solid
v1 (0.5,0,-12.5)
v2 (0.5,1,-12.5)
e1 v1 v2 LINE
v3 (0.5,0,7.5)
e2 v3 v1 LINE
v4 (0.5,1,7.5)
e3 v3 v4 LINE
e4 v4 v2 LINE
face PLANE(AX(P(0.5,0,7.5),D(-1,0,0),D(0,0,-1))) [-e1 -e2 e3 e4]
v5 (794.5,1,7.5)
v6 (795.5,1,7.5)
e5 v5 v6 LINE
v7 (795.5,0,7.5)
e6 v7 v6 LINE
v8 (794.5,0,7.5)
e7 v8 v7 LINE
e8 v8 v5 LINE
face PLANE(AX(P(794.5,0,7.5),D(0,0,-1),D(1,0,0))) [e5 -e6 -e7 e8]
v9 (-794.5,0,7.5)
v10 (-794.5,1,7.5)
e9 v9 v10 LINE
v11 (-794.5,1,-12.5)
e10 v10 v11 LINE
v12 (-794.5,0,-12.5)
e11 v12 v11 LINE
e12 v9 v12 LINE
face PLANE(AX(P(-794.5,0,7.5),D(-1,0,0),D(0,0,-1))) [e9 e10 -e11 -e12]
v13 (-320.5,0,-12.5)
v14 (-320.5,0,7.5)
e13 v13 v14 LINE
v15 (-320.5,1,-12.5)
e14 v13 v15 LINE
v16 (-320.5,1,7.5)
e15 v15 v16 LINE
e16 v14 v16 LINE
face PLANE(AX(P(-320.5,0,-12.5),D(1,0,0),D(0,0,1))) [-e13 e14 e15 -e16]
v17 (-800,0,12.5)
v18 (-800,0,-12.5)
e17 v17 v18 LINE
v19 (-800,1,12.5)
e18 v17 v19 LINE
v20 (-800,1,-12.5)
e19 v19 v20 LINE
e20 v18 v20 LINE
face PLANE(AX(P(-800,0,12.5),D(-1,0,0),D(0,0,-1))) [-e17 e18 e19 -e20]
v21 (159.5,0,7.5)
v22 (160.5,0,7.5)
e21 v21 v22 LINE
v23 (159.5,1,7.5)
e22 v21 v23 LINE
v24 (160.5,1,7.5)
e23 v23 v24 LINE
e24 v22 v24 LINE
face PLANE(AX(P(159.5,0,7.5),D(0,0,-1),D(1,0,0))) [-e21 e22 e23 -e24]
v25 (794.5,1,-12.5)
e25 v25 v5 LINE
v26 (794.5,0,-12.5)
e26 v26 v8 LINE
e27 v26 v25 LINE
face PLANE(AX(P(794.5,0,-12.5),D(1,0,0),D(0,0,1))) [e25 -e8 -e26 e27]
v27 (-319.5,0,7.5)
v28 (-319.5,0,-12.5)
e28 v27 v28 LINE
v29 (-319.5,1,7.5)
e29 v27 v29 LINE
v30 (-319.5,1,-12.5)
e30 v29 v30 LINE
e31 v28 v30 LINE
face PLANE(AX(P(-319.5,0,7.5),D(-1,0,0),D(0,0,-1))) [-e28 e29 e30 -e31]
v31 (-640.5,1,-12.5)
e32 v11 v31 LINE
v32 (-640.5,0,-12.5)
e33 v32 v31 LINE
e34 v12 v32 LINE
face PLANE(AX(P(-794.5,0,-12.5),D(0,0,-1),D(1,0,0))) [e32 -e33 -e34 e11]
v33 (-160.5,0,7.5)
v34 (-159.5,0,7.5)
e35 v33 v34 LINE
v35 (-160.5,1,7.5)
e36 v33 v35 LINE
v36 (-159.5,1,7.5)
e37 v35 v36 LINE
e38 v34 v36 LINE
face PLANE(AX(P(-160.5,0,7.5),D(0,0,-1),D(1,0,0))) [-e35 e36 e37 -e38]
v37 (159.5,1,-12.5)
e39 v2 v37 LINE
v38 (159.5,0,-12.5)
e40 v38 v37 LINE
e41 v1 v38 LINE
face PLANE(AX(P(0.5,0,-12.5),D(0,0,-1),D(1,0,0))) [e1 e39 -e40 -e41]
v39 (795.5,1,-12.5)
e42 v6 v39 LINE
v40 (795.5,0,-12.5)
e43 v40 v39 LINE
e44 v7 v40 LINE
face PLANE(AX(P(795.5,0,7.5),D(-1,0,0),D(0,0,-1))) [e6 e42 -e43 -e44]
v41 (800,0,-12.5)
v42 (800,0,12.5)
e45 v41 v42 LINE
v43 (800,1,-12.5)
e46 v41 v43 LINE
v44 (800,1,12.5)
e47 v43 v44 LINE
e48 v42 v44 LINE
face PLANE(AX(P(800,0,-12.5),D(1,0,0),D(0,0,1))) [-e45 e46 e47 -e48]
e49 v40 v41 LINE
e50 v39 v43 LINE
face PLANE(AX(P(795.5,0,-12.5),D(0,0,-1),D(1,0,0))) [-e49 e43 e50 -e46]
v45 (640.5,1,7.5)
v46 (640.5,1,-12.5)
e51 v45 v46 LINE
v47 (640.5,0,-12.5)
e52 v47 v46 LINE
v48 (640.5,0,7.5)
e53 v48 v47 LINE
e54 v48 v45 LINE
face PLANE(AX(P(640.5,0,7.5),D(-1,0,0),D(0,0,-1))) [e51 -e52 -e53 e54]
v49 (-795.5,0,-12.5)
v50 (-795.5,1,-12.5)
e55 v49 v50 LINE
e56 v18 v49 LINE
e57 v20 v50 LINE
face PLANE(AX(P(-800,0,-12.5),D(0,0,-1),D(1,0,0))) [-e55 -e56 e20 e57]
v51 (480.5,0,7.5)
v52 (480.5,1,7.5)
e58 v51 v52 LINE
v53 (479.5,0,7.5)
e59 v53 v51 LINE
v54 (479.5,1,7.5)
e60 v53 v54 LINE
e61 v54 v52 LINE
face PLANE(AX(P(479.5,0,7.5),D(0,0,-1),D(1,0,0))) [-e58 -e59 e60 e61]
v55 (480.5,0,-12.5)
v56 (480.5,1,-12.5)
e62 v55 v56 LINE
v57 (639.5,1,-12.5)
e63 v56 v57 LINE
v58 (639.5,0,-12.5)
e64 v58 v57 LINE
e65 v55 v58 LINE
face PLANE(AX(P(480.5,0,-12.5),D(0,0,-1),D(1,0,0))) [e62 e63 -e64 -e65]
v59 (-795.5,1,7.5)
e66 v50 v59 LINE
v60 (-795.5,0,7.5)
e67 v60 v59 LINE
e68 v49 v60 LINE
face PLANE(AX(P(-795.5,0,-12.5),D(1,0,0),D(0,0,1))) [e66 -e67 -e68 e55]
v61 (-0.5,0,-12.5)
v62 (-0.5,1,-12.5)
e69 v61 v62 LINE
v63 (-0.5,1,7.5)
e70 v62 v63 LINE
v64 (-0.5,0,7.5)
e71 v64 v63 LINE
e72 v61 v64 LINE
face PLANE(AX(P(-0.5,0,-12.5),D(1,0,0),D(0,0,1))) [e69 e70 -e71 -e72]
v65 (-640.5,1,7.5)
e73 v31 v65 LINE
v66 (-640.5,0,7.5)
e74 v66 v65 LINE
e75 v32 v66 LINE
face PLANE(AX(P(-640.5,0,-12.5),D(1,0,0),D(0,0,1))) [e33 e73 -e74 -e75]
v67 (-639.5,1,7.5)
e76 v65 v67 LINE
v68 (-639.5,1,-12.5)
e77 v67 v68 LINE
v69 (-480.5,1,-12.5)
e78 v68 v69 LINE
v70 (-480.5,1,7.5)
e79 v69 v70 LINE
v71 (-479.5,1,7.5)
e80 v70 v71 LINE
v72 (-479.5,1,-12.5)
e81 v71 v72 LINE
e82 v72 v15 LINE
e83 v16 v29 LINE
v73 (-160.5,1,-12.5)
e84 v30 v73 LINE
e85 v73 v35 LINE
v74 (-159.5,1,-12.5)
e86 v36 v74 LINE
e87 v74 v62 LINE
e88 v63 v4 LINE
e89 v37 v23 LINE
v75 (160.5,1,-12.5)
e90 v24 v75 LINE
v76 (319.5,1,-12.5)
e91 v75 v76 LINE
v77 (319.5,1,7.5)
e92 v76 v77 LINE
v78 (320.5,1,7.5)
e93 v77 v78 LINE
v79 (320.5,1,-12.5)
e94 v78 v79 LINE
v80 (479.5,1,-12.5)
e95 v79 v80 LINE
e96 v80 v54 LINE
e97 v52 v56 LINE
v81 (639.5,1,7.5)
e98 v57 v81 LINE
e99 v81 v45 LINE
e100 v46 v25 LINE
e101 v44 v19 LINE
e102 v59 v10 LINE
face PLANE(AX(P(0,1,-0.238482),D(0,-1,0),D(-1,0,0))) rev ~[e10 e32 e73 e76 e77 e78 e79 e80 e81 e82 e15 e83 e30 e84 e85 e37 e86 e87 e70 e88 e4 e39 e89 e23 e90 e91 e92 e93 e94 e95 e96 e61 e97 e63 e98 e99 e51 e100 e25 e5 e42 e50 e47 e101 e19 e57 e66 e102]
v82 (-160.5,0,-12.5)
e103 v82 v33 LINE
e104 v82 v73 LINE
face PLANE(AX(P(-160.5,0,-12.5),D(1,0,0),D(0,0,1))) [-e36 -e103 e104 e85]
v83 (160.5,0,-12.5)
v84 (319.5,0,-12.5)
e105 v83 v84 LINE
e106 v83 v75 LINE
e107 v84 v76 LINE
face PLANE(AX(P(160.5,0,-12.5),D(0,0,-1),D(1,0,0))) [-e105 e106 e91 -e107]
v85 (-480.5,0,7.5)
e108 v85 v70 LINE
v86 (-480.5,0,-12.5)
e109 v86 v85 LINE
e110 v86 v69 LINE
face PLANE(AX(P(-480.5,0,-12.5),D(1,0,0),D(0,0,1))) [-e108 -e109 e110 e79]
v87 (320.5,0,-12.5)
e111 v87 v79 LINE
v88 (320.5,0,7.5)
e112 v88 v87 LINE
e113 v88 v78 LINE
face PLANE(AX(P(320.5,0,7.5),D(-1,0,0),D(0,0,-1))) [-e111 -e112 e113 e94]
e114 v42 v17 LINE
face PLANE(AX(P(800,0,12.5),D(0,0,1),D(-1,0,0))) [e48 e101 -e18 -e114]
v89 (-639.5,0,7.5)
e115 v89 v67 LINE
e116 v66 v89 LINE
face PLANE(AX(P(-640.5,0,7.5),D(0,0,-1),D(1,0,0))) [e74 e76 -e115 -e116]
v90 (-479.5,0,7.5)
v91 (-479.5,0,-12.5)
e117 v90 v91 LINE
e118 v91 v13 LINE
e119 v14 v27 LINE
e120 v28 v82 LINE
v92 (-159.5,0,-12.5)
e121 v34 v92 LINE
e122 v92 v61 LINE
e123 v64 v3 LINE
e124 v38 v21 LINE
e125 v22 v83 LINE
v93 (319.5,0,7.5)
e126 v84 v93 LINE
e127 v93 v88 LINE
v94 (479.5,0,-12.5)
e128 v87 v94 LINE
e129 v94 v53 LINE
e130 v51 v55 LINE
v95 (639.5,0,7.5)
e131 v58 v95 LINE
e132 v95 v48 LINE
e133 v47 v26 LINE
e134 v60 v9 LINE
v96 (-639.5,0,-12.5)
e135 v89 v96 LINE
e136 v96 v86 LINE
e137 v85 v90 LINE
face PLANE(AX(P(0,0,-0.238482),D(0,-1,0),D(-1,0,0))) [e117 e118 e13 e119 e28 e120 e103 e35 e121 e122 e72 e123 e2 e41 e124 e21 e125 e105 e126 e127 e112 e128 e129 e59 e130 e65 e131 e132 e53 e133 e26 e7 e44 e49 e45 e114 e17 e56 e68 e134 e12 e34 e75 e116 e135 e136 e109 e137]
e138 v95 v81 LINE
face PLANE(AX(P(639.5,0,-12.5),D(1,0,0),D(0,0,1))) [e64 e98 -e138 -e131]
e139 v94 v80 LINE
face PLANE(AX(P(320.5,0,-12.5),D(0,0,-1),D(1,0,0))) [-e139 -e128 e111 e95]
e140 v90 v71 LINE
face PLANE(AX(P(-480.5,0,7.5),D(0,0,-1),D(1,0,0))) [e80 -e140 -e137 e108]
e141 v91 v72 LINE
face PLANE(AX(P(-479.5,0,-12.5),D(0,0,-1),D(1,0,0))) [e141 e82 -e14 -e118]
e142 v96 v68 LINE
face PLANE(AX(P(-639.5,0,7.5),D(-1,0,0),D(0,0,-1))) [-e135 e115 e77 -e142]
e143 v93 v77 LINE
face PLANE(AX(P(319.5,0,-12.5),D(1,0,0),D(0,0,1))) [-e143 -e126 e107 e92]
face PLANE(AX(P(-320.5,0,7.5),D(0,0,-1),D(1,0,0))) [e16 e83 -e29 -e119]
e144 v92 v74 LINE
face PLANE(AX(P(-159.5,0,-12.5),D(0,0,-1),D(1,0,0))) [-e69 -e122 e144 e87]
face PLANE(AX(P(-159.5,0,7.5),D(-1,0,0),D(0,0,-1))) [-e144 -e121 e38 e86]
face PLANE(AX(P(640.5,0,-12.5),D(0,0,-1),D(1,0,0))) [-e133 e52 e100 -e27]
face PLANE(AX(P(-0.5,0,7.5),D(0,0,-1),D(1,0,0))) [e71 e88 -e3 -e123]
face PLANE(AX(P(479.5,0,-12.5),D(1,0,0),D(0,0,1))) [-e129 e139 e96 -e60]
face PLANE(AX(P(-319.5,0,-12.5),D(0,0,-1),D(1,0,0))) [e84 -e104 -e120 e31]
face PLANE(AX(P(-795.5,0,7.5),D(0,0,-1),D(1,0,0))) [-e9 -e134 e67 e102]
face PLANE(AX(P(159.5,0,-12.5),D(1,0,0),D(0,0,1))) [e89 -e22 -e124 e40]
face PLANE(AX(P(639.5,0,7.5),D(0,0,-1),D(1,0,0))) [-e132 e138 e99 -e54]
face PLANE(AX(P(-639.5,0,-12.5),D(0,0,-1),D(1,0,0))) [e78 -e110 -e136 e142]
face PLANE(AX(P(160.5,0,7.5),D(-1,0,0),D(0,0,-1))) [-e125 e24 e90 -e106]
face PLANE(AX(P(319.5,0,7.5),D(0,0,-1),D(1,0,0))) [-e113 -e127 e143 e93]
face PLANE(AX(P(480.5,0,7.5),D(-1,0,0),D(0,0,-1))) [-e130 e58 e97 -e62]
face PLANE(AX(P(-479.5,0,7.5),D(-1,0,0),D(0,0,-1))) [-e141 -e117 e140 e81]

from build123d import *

# Parameters (mm, degrees)
BOSS_EXTRUDE1_DEPTH = 1


with BuildPart() as part:
    # Sketch2 → Boss-Extrude1 (new body)
    with BuildSketch(Plane(origin=(0, 0, 0), x_dir=(1, 0, 0), z_dir=(0, 1, 0))):
        Polygon((-800, -12.5), (-800, 12.5), (-795.5, 12.5), (-795.5, -7.5), (-794.5, -7.5), (-794.5, 12.5), (-640.5, 12.5), (-640.5, -7.5), (-639.5, -7.5), (-639.5, 12.5), (-480.5, 12.5), (-480.5, -7.5), (-479.5, -7.5), (-479.5, 12.5), (-320.5, 12.5), (-320.5, -7.5), (-319.5, -7.5), (-319.5, 12.5), (-160.5, 12.5), (-160.5, -7.5), (-159.5, -7.5), (-159.5, 12.5), (-0.5, 12.5), (-0.5, -7.5), (0.5, -7.5), (0.5, 12.5), (159.5, 12.5), (159.5, -7.5), (160.5, -7.5), (160.5, 12.5), (319.5, 12.5), (319.5, -7.5), (320.5, -7.5), (320.5, 12.5), (479.5, 12.5), (479.5, -7.5), (480.5, -7.5), (480.5, 12.5), (639.5, 12.5), (639.5, -7.5), (640.5, -7.5), (640.5, 12.5), (794.5, 12.5), (794.5, -7.5), (795.5, -7.5), (795.5, 12.5), (800, 12.5), (800, -12.5), align=None)
    extrude(amount=BOSS_EXTRUDE1_DEPTH)


solid = part.part
